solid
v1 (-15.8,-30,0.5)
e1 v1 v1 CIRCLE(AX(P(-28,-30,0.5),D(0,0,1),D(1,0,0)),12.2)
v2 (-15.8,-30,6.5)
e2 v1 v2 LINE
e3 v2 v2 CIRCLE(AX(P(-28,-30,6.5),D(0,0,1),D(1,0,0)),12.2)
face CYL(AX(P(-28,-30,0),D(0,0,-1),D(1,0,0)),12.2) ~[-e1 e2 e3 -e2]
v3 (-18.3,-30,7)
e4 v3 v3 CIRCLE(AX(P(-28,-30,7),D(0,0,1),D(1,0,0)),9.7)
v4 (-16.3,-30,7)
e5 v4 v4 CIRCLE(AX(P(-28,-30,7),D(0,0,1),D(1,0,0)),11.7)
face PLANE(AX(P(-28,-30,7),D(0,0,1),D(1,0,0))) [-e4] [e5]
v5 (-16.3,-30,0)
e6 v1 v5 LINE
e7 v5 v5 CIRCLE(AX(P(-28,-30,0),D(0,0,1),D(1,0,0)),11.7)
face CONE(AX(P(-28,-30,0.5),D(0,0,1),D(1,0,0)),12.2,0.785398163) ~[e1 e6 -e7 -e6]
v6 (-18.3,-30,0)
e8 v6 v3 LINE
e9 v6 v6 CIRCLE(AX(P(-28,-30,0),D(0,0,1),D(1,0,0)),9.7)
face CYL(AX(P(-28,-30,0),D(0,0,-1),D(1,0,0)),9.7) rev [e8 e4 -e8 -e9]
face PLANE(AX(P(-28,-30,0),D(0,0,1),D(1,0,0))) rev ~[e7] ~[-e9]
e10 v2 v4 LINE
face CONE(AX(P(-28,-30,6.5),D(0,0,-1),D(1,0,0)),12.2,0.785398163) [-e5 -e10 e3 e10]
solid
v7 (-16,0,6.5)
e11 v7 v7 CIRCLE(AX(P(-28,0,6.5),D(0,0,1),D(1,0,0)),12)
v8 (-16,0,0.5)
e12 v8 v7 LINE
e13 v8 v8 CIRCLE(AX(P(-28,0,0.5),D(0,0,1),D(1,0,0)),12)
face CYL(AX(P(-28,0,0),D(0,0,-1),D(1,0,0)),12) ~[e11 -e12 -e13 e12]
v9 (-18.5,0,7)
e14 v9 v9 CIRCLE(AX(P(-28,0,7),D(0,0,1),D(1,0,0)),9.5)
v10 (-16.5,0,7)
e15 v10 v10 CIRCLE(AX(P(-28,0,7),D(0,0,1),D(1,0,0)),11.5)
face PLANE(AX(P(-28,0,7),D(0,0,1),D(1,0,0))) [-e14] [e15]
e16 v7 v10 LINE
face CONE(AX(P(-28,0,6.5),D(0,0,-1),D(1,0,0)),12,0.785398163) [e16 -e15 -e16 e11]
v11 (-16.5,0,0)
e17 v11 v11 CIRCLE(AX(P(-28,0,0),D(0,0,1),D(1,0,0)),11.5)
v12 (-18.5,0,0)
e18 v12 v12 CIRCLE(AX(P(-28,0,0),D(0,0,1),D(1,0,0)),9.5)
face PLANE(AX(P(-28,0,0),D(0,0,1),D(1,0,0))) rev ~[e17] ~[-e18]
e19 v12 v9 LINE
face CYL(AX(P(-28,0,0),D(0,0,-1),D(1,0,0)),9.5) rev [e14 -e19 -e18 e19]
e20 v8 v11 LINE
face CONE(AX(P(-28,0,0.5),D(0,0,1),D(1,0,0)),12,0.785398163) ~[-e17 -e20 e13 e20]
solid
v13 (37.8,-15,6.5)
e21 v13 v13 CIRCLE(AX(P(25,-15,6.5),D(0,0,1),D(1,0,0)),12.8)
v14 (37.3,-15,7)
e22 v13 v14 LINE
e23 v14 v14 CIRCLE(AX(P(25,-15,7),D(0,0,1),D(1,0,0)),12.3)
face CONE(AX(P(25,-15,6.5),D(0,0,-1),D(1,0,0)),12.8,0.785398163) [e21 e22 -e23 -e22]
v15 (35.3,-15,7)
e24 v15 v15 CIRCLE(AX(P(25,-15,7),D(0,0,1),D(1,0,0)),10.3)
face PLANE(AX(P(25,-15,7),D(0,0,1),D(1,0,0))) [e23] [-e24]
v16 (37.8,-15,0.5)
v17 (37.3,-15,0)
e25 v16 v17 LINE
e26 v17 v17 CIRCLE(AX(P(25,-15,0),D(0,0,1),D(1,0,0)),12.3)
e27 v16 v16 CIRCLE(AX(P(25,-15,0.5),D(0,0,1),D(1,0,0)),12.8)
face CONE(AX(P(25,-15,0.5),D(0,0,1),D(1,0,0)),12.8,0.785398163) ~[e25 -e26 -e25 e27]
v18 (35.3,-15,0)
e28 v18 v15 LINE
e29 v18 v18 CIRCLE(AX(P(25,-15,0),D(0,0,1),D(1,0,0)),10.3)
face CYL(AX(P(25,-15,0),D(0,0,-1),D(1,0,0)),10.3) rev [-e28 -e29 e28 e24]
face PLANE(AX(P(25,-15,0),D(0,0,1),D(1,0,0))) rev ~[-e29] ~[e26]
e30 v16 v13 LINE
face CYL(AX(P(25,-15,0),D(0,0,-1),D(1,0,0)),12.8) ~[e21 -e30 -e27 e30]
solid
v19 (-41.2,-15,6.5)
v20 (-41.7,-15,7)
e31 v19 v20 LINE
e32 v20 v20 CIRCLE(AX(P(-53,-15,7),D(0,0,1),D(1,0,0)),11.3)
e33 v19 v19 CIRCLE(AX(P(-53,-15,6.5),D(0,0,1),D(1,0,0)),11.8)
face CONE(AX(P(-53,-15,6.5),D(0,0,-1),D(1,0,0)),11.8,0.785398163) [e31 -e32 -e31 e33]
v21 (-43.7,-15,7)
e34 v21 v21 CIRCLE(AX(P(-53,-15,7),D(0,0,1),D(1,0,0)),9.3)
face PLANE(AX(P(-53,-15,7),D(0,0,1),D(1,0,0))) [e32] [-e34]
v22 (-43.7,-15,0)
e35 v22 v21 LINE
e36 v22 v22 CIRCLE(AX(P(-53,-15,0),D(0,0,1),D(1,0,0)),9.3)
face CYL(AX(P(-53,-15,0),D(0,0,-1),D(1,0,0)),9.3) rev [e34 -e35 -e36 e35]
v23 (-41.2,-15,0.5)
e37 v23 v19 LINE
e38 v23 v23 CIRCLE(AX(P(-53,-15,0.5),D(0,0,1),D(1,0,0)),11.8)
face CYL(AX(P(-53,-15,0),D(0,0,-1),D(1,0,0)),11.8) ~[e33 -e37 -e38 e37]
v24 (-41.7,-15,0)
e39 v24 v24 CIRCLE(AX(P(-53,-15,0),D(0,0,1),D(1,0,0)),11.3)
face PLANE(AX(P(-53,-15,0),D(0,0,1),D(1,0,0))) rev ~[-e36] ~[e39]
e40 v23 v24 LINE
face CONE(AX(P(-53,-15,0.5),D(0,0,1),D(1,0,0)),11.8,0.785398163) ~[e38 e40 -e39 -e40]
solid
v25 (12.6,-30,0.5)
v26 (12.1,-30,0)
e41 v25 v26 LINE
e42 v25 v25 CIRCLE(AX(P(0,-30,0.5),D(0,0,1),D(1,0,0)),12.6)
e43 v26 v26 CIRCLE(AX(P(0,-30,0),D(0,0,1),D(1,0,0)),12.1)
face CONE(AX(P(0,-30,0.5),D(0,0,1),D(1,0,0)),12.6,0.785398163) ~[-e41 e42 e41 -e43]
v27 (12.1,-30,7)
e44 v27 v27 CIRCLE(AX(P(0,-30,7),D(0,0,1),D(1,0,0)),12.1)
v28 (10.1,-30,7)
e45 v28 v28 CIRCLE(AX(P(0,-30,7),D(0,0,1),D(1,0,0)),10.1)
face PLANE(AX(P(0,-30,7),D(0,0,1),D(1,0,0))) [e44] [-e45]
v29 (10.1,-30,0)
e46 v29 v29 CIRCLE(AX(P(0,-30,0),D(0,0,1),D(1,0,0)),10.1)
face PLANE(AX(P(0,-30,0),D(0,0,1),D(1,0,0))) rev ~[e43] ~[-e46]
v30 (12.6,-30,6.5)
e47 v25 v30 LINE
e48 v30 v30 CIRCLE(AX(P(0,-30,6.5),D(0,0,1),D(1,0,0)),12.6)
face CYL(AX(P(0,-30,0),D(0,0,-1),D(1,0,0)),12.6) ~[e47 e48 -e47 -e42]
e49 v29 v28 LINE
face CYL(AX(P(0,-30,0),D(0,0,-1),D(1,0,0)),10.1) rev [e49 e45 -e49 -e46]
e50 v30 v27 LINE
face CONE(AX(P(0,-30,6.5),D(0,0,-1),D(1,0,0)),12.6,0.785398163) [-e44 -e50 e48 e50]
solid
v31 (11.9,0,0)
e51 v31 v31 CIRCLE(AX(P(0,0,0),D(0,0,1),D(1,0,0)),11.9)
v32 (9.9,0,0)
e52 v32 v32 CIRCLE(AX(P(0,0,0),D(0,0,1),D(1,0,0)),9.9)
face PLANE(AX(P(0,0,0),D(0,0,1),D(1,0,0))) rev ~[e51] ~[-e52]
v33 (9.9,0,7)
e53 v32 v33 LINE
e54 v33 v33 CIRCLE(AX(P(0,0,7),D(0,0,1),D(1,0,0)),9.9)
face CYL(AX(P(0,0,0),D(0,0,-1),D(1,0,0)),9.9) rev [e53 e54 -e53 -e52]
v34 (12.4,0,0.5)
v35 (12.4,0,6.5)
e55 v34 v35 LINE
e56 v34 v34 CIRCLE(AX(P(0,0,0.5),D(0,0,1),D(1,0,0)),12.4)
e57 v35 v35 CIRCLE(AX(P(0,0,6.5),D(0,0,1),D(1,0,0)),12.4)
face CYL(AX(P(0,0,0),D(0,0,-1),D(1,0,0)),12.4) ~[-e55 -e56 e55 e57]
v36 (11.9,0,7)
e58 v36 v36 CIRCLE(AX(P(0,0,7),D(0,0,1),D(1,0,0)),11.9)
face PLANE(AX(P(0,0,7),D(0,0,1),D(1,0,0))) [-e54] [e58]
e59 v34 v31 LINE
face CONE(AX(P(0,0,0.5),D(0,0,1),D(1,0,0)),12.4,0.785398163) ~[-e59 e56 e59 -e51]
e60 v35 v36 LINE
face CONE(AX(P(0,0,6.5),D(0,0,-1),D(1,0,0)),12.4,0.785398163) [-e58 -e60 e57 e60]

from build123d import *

# Parameters (mm, degrees)
F0_R     = 11.8
F0_R_2   = 9.3
F0_R_3   = 12
F0_R_4   = 9.5
F0_R_5   = 12.4
F0_R_6   = 9.9
F0_R_7   = 12.8
F0_R_8   = 10.3
F0_R_9   = 12.6
F0_R_10  = 10.1
F0_R_11  = 12.2
F0_R_12  = 9.7
F1_DEPTH = 7
F2_SIZE  = 0.5


with BuildPart() as f1:
    # F0 (on Top) → F1 (new body)
    with BuildSketch(Plane.XY):
        with Locations((-53, -15)):
            Circle(F0_R)
        with Locations((-53, -15)):
            Circle(F0_R_2, mode=Mode.SUBTRACT)
        with Locations((-28, 0)):
            Circle(F0_R_3)
        with Locations((-28, 0)):
            Circle(F0_R_4, mode=Mode.SUBTRACT)
        Circle(F0_R_5)
        Circle(F0_R_6, mode=Mode.SUBTRACT)
        with Locations((25, -15)):
            Circle(F0_R_7)
        with Locations((25, -15)):
            Circle(F0_R_8, mode=Mode.SUBTRACT)
        with Locations((0, -30)):
            Circle(F0_R_9)
        with Locations((0, -30)):
            Circle(F0_R_10, mode=Mode.SUBTRACT)
        with Locations((-28, -30)):
            Circle(F0_R_11)
        with Locations((-28, -30)):
            Circle(F0_R_12, mode=Mode.SUBTRACT)
    extrude(amount=F1_DEPTH)

    # F2
    f2_edges = [f1.edges().sort_by_distance(p)[0] for p in [
        (-64.8, -15, 7),
        (-64.8, -15, 0),
        (-40, 0, 7),
        (-40, 0, 0),
        (-12.4, 0, 0),
        (-12.4, 0, 7),
        (12.2, -15, 7),
        (12.2, -15, 0),
        (-12.6, -30, 7),
        (-12.6, -30, 0),
        (-40.2, -30, 7),
        (-40.2, -30, 0),
    ]]
    chamfer(f2_edges, length=F2_SIZE)


solid = f1.part
